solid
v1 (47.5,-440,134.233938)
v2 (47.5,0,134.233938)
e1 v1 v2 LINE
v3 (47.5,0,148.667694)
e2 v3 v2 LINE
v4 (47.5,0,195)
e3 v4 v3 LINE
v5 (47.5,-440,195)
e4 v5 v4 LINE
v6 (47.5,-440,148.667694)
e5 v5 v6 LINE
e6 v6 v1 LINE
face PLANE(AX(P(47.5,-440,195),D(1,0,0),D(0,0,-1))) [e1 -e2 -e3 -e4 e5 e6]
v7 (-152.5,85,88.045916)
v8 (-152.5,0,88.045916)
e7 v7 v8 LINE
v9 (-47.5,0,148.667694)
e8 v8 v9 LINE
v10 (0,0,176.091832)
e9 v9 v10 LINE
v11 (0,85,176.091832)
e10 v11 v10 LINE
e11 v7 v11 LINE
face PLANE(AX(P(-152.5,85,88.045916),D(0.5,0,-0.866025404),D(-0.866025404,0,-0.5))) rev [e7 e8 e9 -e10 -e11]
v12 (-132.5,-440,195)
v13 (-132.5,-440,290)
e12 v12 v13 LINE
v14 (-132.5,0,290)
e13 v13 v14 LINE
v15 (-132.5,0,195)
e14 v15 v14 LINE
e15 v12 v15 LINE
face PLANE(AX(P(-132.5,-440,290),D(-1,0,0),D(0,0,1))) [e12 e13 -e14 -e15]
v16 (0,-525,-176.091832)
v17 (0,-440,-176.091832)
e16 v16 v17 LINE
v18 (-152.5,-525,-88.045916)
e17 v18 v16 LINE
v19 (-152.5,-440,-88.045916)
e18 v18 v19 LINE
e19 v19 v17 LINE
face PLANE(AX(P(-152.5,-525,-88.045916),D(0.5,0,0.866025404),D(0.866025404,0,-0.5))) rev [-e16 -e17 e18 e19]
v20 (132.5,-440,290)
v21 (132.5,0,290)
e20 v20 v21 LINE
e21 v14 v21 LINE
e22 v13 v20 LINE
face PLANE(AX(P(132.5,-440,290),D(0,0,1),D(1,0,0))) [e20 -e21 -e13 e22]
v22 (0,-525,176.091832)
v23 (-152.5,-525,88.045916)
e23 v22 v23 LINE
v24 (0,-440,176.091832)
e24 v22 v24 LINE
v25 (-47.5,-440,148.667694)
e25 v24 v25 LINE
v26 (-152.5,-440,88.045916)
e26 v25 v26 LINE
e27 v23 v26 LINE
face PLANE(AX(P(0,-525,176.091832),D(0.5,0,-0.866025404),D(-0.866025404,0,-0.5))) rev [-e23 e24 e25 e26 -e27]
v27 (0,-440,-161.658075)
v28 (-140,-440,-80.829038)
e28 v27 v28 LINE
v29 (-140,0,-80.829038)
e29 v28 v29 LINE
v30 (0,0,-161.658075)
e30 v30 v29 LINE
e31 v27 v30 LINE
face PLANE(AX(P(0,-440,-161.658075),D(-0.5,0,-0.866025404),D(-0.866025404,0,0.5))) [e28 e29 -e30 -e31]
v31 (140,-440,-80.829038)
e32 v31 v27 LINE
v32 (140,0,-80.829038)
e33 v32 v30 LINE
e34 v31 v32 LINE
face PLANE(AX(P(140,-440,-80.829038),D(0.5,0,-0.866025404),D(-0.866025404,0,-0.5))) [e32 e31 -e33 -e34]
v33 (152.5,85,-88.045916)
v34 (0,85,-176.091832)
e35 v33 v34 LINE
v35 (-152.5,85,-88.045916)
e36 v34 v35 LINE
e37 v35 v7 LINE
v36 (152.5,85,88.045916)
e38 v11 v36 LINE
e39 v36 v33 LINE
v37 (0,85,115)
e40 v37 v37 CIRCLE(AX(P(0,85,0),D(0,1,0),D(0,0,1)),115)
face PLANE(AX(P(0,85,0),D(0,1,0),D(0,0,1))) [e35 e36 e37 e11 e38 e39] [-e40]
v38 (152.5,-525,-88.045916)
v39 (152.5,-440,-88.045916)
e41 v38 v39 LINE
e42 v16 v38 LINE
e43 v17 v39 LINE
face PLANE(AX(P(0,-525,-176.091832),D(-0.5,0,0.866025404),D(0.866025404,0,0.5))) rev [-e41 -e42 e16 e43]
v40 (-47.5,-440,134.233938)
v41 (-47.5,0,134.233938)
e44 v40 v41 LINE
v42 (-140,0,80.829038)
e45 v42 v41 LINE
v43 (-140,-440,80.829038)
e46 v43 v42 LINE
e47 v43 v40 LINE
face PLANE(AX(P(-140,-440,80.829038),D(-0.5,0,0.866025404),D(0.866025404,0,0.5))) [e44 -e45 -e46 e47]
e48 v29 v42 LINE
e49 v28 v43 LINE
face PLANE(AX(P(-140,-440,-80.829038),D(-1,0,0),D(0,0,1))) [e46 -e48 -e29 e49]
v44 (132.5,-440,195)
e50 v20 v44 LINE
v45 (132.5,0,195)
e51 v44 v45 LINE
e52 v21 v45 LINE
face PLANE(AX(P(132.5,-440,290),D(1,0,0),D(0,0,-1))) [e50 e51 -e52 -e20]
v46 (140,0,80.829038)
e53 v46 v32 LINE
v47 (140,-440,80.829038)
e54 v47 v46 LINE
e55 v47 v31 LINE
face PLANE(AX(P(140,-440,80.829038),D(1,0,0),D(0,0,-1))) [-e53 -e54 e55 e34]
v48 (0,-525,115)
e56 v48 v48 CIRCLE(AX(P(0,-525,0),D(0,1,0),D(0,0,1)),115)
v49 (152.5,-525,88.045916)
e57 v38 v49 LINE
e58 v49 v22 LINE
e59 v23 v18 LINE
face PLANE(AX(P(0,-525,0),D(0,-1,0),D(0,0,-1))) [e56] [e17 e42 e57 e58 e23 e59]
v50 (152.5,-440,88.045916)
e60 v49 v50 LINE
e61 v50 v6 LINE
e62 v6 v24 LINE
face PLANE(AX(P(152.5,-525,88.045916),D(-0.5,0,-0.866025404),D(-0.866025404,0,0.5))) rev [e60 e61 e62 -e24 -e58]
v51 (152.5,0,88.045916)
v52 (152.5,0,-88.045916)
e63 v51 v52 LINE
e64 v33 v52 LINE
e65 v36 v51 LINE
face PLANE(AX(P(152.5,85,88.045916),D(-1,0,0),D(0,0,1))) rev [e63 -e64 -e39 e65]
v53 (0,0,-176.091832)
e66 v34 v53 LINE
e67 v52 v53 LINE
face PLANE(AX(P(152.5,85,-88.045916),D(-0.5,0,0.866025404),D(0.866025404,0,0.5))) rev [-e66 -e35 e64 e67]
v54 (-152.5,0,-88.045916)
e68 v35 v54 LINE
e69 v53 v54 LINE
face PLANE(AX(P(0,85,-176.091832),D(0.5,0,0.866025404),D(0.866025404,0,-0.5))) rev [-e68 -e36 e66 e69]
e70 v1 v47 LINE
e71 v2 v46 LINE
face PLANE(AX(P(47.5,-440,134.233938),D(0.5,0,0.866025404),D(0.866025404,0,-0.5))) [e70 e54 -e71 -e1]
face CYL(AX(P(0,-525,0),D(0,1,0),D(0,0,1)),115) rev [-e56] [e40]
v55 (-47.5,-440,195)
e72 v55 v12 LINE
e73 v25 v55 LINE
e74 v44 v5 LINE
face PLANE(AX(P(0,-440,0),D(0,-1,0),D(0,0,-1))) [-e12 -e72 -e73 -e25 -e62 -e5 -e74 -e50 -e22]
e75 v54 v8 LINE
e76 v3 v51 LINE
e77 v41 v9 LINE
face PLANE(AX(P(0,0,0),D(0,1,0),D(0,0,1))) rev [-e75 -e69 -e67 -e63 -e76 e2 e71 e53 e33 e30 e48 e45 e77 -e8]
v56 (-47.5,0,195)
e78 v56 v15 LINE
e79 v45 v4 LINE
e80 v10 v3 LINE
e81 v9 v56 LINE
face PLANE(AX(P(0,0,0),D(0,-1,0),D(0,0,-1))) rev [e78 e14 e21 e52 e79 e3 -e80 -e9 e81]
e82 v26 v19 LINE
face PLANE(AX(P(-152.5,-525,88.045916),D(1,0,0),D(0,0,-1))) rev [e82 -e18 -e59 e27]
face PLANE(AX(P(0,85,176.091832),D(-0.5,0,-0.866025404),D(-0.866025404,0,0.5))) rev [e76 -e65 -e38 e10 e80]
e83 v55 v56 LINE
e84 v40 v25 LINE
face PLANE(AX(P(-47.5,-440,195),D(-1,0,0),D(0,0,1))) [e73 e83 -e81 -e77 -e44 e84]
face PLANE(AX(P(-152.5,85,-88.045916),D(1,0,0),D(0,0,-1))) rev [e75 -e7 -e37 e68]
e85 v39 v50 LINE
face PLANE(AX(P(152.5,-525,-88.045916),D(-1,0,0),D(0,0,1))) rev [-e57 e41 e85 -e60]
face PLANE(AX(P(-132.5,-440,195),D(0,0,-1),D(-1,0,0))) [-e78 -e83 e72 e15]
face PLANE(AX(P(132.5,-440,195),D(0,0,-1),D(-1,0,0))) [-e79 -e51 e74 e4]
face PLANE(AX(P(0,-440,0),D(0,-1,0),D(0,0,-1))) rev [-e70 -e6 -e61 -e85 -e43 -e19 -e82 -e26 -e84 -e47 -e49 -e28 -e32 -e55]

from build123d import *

# Parameters (mm, degrees)
EXTRUDE_1_DEPTH     = 85
EXTRUDE_650_DEPTH   = 440
EXTRUDE_2_DEPTH     = 85
SKETCH_5_R          = 115
CUT_EXTRUDE_1_DEPTH = 693.42779407


with BuildPart() as part:
    # Эскиз2 → Боковой многогранник 1 (new body)
    with BuildSketch(Plane(origin=(0, 0, 0), x_dir=(1, 0, 0), z_dir=(0, 1, 0))):
        Polygon((0, 176.091832103), (-152.5, 88.045916051), (-152.5, -88.045916051), (0, -176.091832103), (152.5, -88.045916051), (152.5, 88.045916051), align=None)
    extrude(amount=EXTRUDE_1_DEPTH)

    # Sketch 292 → Extrude 650 (add)
    with BuildSketch(Plane(origin=(0, 0, 0), x_dir=(1, 0, 0), z_dir=(0, 1, 0))):
        Polygon((0, 161.658075373), (-140, 80.829037687), (-140, -80.829037687), (-47.5, -134.233937587), (-47.5, -195), (-132.5, -195), (-132.5, -290), (132.5, -290), (132.5, -195), (47.5, -195), (47.5, -134.233937587), (140, -80.829037687), (140, 80.829037687), align=None)
    extrude(amount=-EXTRUDE_650_DEPTH)

    # Эскиз4 → Боковой многогранник 2 (add)
    with BuildSketch(Plane.XZ.offset(440)):
        Polygon((0, -176.091832103), (152.5, -88.045916051), (152.5, 88.045916051), (0, 176.091832103), (-152.5, 88.045916051), (-152.5, -88.045916051), align=None)
    extrude(amount=EXTRUDE_2_DEPTH)

    # Эскиз5 → Вырез-Вытянуть1 (cut, through all)
    with BuildSketch(Plane(origin=(0, 85, 0), x_dir=(1, 0, 0), z_dir=(0, 1, 0))):
        with Locations(Location((0, 0, 0), (0, 0, 270))):
            Circle(SKETCH_5_R)
    extrude(amount=-CUT_EXTRUDE_1_DEPTH, mode=Mode.SUBTRACT)


solid = part.part
